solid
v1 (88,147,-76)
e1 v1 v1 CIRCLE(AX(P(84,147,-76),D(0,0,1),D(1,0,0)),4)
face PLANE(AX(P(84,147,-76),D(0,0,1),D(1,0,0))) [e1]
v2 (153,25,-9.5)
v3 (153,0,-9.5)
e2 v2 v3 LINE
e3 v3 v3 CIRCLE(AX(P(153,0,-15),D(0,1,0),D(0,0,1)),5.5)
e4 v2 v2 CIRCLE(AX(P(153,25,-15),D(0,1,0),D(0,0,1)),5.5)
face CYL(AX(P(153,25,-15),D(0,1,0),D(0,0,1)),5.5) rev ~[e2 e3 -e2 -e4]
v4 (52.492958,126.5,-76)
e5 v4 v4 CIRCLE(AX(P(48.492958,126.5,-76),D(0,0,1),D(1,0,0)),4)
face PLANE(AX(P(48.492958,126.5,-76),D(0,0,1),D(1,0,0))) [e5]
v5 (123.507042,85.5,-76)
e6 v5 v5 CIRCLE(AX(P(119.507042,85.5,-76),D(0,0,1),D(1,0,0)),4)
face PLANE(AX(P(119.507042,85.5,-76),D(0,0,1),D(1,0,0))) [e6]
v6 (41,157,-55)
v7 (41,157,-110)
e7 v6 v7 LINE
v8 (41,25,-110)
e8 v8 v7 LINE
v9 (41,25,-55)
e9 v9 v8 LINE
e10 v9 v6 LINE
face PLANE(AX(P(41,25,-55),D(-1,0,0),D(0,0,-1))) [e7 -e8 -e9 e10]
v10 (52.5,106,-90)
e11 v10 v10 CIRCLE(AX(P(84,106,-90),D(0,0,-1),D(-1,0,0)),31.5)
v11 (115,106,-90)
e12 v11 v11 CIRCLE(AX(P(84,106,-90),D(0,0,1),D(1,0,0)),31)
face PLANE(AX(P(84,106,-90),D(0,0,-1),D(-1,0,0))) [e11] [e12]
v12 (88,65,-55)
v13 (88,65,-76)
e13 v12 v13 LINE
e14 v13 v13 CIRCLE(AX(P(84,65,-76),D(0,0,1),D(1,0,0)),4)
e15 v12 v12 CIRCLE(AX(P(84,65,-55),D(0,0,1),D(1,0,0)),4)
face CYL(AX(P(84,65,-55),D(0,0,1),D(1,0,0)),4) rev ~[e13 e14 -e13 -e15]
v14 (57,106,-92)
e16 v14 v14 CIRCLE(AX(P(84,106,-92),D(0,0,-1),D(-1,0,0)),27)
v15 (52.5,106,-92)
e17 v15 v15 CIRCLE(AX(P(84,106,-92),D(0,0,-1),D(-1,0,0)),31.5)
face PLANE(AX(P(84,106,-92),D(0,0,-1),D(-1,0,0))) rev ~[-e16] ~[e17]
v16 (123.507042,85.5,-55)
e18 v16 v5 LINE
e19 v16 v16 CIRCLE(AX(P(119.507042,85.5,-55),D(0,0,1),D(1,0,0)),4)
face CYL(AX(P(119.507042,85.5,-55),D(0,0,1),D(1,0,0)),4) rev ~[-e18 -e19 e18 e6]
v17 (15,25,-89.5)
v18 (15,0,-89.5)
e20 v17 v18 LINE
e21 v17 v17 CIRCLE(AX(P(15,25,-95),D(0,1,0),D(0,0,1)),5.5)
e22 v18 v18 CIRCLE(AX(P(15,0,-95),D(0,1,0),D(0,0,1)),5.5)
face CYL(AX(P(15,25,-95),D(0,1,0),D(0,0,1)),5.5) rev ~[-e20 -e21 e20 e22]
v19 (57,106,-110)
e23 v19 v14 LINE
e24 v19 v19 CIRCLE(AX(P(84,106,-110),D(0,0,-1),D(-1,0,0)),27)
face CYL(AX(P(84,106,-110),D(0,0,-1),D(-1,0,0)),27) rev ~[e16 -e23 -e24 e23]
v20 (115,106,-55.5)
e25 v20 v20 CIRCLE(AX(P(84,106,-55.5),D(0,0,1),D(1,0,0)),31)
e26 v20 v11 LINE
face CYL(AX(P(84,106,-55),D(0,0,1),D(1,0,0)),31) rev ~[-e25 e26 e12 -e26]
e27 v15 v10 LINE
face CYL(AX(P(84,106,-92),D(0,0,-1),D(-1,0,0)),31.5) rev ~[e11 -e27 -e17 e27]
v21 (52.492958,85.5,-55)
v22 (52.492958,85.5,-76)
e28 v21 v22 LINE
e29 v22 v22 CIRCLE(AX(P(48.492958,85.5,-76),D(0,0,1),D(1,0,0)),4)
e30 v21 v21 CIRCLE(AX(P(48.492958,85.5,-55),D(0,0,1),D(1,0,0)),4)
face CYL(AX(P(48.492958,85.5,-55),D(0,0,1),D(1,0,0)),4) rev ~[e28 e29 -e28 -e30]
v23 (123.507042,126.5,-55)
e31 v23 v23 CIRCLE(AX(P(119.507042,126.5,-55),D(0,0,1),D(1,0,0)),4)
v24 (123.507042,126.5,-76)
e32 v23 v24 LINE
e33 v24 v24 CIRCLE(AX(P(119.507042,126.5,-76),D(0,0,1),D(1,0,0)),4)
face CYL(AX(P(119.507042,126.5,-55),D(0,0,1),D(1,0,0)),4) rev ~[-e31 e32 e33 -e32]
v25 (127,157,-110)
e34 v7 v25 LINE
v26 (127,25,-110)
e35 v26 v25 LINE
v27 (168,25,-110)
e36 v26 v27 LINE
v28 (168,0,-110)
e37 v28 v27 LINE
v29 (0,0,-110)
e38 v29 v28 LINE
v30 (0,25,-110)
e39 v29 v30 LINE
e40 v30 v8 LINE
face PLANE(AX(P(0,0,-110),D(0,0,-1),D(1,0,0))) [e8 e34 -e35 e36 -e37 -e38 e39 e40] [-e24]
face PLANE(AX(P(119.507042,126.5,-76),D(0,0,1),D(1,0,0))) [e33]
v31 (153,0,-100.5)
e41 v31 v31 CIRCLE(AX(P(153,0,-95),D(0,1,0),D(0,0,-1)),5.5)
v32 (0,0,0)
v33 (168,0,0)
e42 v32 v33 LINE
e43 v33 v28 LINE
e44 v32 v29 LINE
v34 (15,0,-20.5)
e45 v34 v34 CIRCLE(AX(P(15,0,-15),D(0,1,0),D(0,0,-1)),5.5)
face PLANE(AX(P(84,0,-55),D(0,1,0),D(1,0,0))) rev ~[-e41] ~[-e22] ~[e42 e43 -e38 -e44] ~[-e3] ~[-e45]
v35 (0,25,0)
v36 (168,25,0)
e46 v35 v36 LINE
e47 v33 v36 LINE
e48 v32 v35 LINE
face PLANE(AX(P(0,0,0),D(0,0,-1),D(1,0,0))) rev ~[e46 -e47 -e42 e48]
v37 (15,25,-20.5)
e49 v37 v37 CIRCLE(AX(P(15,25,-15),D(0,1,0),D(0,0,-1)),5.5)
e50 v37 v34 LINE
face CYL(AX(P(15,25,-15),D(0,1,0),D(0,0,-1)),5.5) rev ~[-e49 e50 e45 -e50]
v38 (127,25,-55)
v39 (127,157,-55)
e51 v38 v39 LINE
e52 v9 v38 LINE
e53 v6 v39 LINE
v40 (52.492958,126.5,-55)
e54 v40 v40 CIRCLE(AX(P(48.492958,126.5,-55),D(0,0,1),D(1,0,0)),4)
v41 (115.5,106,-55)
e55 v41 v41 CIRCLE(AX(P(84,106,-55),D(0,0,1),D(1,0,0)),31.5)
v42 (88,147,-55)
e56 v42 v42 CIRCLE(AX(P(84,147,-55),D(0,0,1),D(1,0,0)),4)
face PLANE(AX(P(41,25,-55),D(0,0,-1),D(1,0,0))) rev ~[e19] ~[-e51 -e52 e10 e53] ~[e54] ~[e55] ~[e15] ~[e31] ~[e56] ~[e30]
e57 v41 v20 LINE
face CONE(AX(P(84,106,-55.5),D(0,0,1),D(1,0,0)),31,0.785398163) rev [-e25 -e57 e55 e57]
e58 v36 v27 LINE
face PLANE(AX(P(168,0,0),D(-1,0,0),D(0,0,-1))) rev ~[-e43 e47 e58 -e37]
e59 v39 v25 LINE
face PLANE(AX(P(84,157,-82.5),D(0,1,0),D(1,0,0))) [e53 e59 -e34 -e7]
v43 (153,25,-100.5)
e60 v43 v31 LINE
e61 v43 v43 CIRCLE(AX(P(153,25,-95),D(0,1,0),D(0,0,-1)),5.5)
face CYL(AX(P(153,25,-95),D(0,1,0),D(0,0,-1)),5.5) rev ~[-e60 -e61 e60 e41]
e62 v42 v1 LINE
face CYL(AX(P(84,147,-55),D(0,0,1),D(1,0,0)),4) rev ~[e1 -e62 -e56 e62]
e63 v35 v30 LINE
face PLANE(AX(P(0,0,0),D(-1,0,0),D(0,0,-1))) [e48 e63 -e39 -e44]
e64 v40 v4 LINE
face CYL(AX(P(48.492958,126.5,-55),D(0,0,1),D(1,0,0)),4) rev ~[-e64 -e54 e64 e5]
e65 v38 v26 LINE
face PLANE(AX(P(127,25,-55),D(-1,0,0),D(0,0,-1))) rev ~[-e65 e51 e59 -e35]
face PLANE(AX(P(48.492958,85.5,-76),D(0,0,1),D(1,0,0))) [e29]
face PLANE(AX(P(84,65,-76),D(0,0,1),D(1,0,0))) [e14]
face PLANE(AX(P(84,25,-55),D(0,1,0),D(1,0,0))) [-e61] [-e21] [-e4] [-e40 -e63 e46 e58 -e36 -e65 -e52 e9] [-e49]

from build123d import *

# Parameters (mm, degrees)
SKETCH_1_W          = 168
SKETCH_1_H          = 110
EXTRUDE_1_DEPTH     = 25
SKETCH_2_R          = 5.5
CUT_EXTRUDE_1_DEPTH = 203.358592602
SKETCH_3_W          = 86
SKETCH_3_H          = 55
EXTRUDE_2_DEPTH     = 132
SKETCH_4_R          = 31
CUT_EXTRUDE_2_DEPTH = 35
CHAMFER_1_SIZE      = 0.5
SKETCH_24_R         = 27
CUT_EXTRUDE_6_DEPTH = 18
SKETCH_25_R         = 31.5
CUT_EXTRUDE_7_DEPTH = 2
SKETCH_26_R         = 4
CUT_EXTRUDE_8_DEPTH = 21


with BuildPart() as part:
    # 草图1 → 凸台-拉伸1 (new body)
    with BuildSketch(Plane(origin=(0, 0, 0), x_dir=(1, 0, 0), z_dir=(0, 1, 0))):
        with Locations((84, 55)):
            Rectangle(SKETCH_1_W, SKETCH_1_H)
    extrude(amount=EXTRUDE_1_DEPTH)

    # 草图2 → 切除-拉伸1 (cut, through all)
    with BuildSketch(Plane(origin=(0, 25, 0), x_dir=(1, 0, 0), z_dir=(0, 1, 0))):
        with Locations(Location((15, 95, 0), (0, 0, 270))):
            Circle(SKETCH_2_R)
        with Locations(Location((153, 95, 0), (0, 0, 90))):
            Circle(SKETCH_2_R)
        with Locations(Location((153, 15, 0), (0, 0, 270))):
            Circle(SKETCH_2_R)
        with Locations(Location((15, 15, 0), (0, 0, 90))):
            Circle(SKETCH_2_R)
    extrude(amount=-CUT_EXTRUDE_1_DEPTH, mode=Mode.SUBTRACT)

    # 草图3 → 凸台-拉伸2 (add)
    with BuildSketch(Plane(origin=(0, 25, 0), x_dir=(1, 0, 0), z_dir=(0, 1, 0))):
        with Locations((84, 82.5)):
            Rectangle(SKETCH_3_W, SKETCH_3_H)
    extrude(amount=EXTRUDE_2_DEPTH)

    # 草图4 → 切除-拉伸2 (cut)
    with BuildSketch(Plane.XY.offset(-55)):
        with Locations((84, 106)):
            Circle(SKETCH_4_R)
    extrude(amount=-CUT_EXTRUDE_2_DEPTH, mode=Mode.SUBTRACT)

    # 倒角1
    chamfer_1_edges = [part.edges().sort_by_distance(p)[0] for p in [
        (53, 106, -55),
    ]]
    chamfer(chamfer_1_edges, length=CHAMFER_1_SIZE)

    # 草图24 → 切除-拉伸6 (cut)
    with BuildSketch(Plane(origin=(0, 0, -110), x_dir=(-1, 0, 0), z_dir=(0, 0, -1))):
        with Locations((-84, 106)):
            Circle(SKETCH_24_R)
    extrude(amount=-CUT_EXTRUDE_6_DEPTH, mode=Mode.SUBTRACT)

    # 草图25 → 切除-拉伸7 (cut)
    with BuildSketch(Plane(origin=(0, 0, -92), x_dir=(-1, 0, 0), z_dir=(0, 0, -1))):
        with Locations((-84, 106)):
            Circle(SKETCH_25_R)
    extrude(amount=-CUT_EXTRUDE_7_DEPTH, mode=Mode.SUBTRACT)

    # 草图26 → 切除-拉伸8 (cut)
    with BuildSketch(Plane.XY.offset(-55)):
        with Locations((84, 147)):
            Circle(SKETCH_26_R)
        with Locations((119.507041555, 126.5)):
            Circle(SKETCH_26_R)
        with Locations((119.507041555, 85.5)):
            Circle(SKETCH_26_R)
        with Locations((84, 65)):
            Circle(SKETCH_26_R)
        with Locations((48.492958445, 85.5)):
            Circle(SKETCH_26_R)
        with Locations((48.492958445, 126.5)):
            Circle(SKETCH_26_R)
    extrude(amount=-CUT_EXTRUDE_8_DEPTH, mode=Mode.SUBTRACT)


solid = part.part
